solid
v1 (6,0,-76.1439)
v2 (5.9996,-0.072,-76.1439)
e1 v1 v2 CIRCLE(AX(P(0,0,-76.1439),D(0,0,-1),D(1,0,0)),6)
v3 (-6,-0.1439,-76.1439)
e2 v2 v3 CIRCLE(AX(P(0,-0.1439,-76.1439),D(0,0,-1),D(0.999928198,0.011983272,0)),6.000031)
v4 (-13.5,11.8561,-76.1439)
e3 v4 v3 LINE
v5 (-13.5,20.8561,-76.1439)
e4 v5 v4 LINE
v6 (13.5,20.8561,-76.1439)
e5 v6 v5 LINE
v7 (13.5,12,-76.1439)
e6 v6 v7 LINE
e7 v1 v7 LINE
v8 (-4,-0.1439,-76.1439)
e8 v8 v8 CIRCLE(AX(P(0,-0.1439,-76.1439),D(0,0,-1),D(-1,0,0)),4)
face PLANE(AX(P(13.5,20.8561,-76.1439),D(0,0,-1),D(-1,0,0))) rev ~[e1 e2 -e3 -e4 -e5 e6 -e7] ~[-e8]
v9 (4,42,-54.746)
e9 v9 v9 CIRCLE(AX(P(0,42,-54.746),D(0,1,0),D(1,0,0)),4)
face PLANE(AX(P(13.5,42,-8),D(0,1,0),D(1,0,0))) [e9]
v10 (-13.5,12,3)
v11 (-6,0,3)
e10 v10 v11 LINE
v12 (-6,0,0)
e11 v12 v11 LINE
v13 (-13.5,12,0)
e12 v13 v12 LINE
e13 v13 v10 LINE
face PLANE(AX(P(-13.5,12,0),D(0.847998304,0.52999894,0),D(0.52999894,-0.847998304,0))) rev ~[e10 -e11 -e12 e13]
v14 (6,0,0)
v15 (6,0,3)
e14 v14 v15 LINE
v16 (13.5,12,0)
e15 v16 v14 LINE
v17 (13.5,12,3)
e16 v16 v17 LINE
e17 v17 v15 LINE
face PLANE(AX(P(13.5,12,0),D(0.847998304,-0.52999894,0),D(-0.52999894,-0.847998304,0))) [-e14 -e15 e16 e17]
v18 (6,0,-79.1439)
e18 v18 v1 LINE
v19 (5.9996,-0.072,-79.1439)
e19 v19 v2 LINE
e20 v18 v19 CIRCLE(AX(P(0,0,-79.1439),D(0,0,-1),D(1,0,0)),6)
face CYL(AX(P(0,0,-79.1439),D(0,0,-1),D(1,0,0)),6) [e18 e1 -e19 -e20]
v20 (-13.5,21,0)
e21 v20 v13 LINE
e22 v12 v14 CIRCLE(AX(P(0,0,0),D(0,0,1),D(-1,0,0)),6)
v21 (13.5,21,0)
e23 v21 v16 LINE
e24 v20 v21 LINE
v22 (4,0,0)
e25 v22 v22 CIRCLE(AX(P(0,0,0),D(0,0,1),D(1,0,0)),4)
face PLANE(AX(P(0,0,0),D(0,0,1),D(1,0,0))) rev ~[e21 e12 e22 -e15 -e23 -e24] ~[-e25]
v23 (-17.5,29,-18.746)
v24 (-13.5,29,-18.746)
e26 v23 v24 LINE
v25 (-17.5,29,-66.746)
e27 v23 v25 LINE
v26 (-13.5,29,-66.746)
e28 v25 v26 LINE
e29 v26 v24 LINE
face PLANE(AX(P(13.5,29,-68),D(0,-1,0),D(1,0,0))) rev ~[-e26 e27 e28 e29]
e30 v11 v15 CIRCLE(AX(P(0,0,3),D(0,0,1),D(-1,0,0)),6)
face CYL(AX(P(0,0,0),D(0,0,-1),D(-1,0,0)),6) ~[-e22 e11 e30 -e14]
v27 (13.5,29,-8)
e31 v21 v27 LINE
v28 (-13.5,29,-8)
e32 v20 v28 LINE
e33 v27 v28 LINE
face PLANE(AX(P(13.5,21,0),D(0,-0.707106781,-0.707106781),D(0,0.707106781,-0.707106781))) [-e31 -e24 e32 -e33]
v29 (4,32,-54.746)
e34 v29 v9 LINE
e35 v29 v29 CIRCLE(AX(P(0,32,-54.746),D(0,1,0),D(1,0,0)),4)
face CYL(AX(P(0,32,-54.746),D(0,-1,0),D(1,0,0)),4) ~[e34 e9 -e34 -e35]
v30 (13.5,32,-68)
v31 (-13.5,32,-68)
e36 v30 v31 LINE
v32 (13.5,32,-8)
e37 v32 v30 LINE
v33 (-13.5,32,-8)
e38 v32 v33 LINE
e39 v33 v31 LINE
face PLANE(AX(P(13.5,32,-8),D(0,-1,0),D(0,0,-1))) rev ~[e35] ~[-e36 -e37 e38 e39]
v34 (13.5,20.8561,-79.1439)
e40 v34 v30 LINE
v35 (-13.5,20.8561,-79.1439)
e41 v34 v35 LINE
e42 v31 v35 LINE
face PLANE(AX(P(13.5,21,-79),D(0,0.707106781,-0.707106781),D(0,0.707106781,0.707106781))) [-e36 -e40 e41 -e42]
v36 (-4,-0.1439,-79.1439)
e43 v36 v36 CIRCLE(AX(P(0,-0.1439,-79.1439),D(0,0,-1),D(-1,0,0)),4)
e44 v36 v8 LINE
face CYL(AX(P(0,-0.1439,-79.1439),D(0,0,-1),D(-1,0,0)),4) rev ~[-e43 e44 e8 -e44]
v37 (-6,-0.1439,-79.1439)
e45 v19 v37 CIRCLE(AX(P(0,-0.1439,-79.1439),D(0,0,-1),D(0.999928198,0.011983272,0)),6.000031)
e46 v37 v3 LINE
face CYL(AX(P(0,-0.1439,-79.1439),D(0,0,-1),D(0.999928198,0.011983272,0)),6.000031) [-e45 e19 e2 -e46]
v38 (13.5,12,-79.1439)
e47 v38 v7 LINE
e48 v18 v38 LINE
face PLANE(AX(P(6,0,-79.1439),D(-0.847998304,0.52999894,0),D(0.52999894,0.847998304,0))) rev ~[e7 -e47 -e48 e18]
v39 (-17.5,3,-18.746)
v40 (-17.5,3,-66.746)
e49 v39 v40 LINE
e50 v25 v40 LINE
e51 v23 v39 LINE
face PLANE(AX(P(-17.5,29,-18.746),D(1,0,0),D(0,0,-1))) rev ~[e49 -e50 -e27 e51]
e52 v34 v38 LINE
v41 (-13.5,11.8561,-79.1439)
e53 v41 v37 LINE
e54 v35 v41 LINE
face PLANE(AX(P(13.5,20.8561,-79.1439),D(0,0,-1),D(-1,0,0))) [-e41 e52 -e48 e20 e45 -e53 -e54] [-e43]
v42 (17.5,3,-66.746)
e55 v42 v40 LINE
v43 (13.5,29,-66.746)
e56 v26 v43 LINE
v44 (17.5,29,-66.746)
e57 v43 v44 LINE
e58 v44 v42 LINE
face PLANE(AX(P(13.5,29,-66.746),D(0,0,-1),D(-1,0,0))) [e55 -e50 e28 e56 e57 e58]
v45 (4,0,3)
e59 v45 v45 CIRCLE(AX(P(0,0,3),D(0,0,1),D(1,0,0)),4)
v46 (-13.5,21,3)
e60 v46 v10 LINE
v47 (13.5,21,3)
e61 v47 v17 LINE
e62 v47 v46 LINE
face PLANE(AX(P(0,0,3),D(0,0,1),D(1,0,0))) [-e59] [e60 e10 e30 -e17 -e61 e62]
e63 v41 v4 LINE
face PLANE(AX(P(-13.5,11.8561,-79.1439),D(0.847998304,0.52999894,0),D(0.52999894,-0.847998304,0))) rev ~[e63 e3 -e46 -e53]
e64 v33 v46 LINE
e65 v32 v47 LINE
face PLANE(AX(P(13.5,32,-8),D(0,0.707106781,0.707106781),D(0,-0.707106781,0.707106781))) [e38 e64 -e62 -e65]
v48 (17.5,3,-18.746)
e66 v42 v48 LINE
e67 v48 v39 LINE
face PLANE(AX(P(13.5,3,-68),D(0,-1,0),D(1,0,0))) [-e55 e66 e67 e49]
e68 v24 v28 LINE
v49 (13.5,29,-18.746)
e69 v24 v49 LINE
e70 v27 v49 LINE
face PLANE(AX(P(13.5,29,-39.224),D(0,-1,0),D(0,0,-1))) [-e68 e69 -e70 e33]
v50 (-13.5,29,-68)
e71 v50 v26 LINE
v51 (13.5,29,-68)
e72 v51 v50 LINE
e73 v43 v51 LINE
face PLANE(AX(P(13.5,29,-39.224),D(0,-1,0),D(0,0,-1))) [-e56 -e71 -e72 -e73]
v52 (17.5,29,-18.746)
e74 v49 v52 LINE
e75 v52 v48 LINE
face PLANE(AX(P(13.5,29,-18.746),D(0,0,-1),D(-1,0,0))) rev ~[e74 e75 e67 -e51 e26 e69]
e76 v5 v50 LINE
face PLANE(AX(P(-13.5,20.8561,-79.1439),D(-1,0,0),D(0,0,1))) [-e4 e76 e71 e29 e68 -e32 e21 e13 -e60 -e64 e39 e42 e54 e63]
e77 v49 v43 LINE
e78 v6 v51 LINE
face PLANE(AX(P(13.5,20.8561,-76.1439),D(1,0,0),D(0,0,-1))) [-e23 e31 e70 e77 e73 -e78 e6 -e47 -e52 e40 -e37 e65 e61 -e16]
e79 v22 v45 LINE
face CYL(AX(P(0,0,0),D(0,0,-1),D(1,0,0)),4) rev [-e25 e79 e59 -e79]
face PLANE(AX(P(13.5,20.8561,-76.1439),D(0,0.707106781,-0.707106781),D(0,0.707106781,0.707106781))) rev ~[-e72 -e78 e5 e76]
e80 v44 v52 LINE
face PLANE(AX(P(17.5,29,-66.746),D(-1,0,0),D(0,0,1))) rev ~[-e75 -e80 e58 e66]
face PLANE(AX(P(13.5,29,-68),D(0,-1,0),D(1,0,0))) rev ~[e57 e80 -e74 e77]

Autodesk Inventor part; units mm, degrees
ref_plane "YZ Plane" through (0, 0, 0) normal (1, 0, 0) x (0, 1, 0)
ref_plane "XZ Plane" through (0, 0, 0) normal (0, 1, 0) x (-1, 0, 0)
ref_plane "XY Plane" through (0, 0, 0) normal (0, 0, 1) x (1, 0, 0)
sketch "Sketch1" plane through (0, 0, 0) normal (0, 0, 1) x (1, 0, 0)
  circle A0 centre (0, 0) radius 4
  arc A1 (-6, 0) -> (6, 0) centre (0, 0) ccw
  line L0 (0, 21) -> (13.5, 21)
  line L1 (13.5, 21) -> (-13.5, 21)
  line L2 (-13.5, 21) -> (-13.5, 12)
  line L3 (-13.5, 12) -> (-6, 0)
  line L4 (13.5, 21) -> (13.5, 12)
  line L5 (13.5, 12) -> (6, 0)
  dimension "d0" = 8
  dimension "d1" = 12
  dimension "d2" = 21
  dimension "d3" = 13.5
  dimension "d4" = 27
  dimension "d5" = 9
  dimension "d6" = 9
extrude "Extrusion1" add sketch "Sketch1" along normal blind 3
sketch "Sketch2" plane through (13.5, 12, 0) normal (1, 0, 0) x (0, 0, -1)
  line L0 (8, 20) -> (-3, 9)
  line L1 (8, 20) -> (68, 20)
  line L2 (79, 9) -> (68, 20)
  line L3 (0, 9) -> (-3, 9) projected
  line L4 (-3, 9) -> (0, 9)
  line L5 (0, 9) -> (8, 17)
  line L6 (79.1439, 8.8561) -> (76.1439, 8.8561)
  line L7 (76.1439, 8.8561) -> (68, 17)
  line L8 (39.224, 17) -> (8, 17)
  line L9 (39.224, 17) -> (68, 17)
  line L10 (-3, 0) -> (-3, -12) projected
  line L11 (8, 17) -> (68, 17)
  line L12 (-3, 9) -> (0, 9)
  line L13 (0, 9) -> (8, 17)
  line L14 (8, 17) -> (68, 17)
  line L15 (76.1439, 8.8561) -> (79.1439, 8.8561)
  line L16 (79.1439, 8.8561) -> (68, 20)
  line L17 (68, 20) -> (8, 20)
  line L18 (8, 20) -> (-3, 9)
  line L19 (-3, 9) -> (0, 9)
  point P0 (0, -12)
  dimension "d11" = 60
  dimension "d14" = 3
extrude "Extrusion2" add sketch "Sketch2" against normal blind 27
sketch "Sketch3" plane through (13.5, 20.8561, -79.1439) normal (0, -1, 0) x (1, 0, 0)
  line L0 (0, 0) -> (-27, 0) projected
  line L1 (0, 0) -> (-27, 0)
  line L2 (0, 3) -> (-27, 3) projected
  line L3 (-27, 0) -> (-27, 3)
  line L4 (-27, 3) -> (0, 3)
  line L5 (0, 3) -> (0, 0)
  point P0 (-13.5, 79.1439)
extrude "Extrusion3" add sketch "Sketch3" along normal blind 45
sketch "Sketch4" plane through (13.5, 29, -68) normal (0, -1, 0) x (1, 0, 0)
  line L0 (0, 0) -> (0, 60) projected
  line L1 (0, 1.254) -> (-27, 1.254)
  line L2 (-27, 0) -> (-27, 60) projected
  line L3 (0, 1.254) -> (-13.5, 1.254)
  line L4 (-13.5, 1.254) -> (4, 1.254)
  line L5 (4, 1.254) -> (4, 49.254)
  line L6 (4, 49.254) -> (-31, 49.254)
  line L7 (-31, 49.254) -> (-31, 1.254)
  line L8 (-31, 1.254) -> (4, 1.254)
  point P0 (-13.5, 68)
  dimension "d20" = 1.254
  dimension "d21" = 17.5
  dimension "d22" = 48
  dimension "d23" = 35
extrude "Extrusion4" add sketch "Sketch4" along normal blind 26
sketch "Sketch5" plane through (13.5, 32, -8) normal (0, 1, 0) x (1, 0, 0)
  line L0 (-27, 0) -> (-27, 60) projected
  line L1 (0, 60) -> (-27, 60) projected
  circle A0 centre (-13.5, 46.746) radius 4
  point P0 (-13.5, -8)
  dimension "d28" = 8
extrude "Extrusion5" add sketch "Sketch5" along normal blind 10
sketch "Sketch6" plane through (13.5, 20.8561, -79.1439) normal (0, 0, -1) x (-1, 0, 0)
  circle A0 centre (13.5, -21) radius 4
  arc A1 (7.5004, -20.9281) -> (19.4996, -20.9281) centre (13.5, -21) ccw
  line L0 (27, -9) -> (19.5, -21)
  line L1 (7.5, -20.8561) -> (0, -8.8561) projected
  line L2 (0, -8.8561) -> (7.5, -20.8561)
  line L3 (27, 0) -> (27, -45) projected
  line L4 (27, -9) -> (27, -45)
  line L5 (0, -45) -> (27, -45) projected
  line L6 (27, -45) -> (0, -45)
  line L7 (0, -45) -> (0, -8.8561)
  arc A2 (7.5, -20.8561) -> (19.5, -20.8561) centre (13.5, -20.8561) ccw projected
  arc A3 (7.5, -20.8561) -> (19.5, -20.8561) centre (13.5, -21) ccw
  point P0 (0, 0.1439)
  dimension "d34" = 8
  dimension "d35" = 12
extrude "Extrusion6" cut sketch "Sketch6" against normal blind 4 contours A0 | A1 L0 L3 L5 L7 L1 A2
properties part number "Cversion2"
